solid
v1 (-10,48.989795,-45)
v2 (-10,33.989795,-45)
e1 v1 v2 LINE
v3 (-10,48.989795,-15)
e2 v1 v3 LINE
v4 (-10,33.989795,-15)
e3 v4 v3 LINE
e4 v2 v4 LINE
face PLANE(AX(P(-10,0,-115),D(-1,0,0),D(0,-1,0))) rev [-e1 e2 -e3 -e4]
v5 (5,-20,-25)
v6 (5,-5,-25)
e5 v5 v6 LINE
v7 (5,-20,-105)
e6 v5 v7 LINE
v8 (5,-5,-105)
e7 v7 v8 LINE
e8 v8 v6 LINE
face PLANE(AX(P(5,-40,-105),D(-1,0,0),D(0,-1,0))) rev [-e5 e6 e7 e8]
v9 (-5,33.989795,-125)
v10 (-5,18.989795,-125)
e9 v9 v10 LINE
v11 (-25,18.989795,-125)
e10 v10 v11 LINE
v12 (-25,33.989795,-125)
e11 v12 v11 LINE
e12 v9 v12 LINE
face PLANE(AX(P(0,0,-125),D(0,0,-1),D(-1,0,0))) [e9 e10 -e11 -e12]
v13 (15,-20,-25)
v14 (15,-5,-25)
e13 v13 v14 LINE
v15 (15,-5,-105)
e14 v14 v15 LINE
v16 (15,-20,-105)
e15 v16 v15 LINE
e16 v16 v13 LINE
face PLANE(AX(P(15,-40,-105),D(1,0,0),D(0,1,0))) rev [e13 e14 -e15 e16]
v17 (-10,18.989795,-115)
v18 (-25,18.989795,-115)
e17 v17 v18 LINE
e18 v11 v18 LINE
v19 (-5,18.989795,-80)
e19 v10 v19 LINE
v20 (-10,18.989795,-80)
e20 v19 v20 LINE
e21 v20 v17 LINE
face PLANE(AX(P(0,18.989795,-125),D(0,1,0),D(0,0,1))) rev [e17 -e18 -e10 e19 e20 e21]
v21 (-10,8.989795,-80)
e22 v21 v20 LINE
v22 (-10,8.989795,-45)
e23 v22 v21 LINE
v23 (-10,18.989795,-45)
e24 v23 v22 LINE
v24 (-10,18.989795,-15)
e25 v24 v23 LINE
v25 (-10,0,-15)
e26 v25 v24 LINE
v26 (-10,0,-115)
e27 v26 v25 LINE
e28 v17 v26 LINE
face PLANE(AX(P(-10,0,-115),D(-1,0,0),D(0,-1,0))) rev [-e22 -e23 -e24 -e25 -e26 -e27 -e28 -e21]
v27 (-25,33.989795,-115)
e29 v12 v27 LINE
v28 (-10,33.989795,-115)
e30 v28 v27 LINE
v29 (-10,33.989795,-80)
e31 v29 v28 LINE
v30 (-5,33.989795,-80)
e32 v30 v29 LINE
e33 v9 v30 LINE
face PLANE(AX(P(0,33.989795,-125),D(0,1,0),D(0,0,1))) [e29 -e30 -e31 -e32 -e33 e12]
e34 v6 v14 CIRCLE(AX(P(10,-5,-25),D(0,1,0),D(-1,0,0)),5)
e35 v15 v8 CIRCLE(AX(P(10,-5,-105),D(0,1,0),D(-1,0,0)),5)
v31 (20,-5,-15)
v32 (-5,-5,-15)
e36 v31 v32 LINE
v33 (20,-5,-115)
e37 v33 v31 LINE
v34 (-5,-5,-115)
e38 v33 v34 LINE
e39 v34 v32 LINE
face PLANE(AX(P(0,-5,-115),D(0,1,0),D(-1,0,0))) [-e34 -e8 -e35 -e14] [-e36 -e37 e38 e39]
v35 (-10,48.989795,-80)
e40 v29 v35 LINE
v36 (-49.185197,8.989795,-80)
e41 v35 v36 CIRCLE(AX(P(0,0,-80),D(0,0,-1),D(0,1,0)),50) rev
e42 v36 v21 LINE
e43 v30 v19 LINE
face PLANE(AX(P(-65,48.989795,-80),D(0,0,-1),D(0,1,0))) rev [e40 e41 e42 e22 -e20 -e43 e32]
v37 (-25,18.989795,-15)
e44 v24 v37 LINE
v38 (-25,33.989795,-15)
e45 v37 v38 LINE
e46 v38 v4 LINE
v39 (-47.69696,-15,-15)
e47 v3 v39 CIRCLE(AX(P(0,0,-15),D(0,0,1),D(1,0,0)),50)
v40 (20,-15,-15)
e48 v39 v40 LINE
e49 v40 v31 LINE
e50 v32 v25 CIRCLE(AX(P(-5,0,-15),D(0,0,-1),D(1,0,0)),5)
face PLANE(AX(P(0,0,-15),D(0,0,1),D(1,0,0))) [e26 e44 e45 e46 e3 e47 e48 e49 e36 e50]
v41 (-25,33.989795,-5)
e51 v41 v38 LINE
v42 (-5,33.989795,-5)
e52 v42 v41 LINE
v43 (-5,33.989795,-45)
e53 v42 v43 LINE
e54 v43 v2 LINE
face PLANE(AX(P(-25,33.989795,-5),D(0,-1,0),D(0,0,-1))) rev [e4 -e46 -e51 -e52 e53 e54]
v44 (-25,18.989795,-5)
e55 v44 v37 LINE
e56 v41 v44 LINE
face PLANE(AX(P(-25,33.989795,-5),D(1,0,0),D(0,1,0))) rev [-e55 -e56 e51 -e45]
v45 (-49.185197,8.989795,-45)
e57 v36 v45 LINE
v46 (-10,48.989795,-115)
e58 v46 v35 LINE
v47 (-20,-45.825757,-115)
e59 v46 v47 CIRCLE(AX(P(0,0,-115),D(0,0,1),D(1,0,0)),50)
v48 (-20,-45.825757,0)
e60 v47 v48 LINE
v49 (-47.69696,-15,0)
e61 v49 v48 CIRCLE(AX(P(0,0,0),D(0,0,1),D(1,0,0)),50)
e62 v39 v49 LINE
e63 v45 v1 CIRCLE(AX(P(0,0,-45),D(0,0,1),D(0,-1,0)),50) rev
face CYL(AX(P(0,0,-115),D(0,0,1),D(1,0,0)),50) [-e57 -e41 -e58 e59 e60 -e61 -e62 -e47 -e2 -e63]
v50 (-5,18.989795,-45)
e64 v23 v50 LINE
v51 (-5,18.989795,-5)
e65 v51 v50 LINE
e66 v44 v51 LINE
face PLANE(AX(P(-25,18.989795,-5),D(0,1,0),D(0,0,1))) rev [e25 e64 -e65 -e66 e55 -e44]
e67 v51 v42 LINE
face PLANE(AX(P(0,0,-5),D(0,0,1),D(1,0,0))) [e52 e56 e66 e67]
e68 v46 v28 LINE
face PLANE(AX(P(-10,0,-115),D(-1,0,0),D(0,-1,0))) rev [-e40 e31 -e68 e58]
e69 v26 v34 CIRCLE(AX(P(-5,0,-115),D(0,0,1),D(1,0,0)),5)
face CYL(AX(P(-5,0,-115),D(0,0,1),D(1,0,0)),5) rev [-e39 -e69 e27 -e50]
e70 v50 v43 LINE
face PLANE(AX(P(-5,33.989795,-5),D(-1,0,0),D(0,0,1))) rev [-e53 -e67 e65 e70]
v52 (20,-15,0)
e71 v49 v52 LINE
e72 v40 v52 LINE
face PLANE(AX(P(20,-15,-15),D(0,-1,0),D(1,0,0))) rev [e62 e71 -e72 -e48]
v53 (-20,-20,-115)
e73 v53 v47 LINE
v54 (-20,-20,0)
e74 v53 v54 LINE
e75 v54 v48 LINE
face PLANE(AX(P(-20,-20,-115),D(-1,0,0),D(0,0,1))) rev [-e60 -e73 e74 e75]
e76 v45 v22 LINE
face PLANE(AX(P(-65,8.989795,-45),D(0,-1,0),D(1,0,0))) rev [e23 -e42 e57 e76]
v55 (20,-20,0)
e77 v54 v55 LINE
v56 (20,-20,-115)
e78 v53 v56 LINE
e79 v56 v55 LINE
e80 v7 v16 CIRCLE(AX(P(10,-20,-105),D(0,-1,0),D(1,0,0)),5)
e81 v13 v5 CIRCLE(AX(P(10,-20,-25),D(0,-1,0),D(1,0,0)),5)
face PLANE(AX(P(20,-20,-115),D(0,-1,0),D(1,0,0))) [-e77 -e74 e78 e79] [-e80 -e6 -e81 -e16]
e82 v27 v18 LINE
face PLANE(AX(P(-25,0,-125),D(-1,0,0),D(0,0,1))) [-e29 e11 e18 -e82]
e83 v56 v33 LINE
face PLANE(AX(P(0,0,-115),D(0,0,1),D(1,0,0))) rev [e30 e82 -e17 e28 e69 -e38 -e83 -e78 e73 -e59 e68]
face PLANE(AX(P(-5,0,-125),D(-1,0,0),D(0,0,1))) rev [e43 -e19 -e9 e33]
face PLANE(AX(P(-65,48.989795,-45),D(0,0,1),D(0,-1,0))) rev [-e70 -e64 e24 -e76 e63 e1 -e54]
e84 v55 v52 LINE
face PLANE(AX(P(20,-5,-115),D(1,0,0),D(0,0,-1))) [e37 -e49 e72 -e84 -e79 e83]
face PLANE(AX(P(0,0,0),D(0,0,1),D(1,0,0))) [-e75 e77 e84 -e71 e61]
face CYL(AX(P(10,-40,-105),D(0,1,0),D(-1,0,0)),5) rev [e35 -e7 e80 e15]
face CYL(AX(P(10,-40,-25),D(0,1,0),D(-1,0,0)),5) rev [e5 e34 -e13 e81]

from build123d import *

# Parameters (mm, degrees)
BOSS_EXTRUDE1_DEPTH      = 115
CUT_EXTRUDE4_DEPTH       = 115
CUT_EXTRUDE5_DEPTH       = 115
CUT_EXTRUDE7_DEPTH       = 15
SKETCH8_W                = 35
SKETCH8_H                = 40
CUT_EXTRUDE8_DEPTH       = 55
BOSS_EXTRUDE2_DEPTH      = 10
BOSS_EXTRUDE2_DEPTH_BACK = 30
SKETCH9_W                = 20
SKETCH9_H                = 15
BOSS_EXTRUDE4_DEPTH      = 10
BOSS_EXTRUDE4_DEPTH_BACK = 35
SKETCH10_W               = 15
SKETCH10_H               = 15
SKETCH10_W_2             = 5
CUT_EXTRUDE9_DEPTH       = 35


with BuildPart() as part:
    # Sketch1 → Boss-Extrude1 (new body)
    with BuildSketch(Plane.XY):
        with BuildLine():
            Line((0, 50), (0, -5))
            Line((0, -5), (20, -5))
            Line((20, -5), (20, -20))
            Line((20, -20), (0, -20))
            Line((0, -20), (0, -50))
            ThreePointArc((0, -50), (-50, 0), (0, 50))
        make_face()
    extrude(amount=-BOSS_EXTRUDE1_DEPTH)

    # Sketch2 → Cut-Extrude4 (cut)
    with BuildSketch(Plane.XY):
        with BuildLine():
            Line((0, -5), (-5, -5))
            ThreePointArc((-5, -5), (-8.535533906, -3.535533906), (-10, 0))
            Line((-10, 0), (-10, 48.989794856))
            ThreePointArc((-10, 48.989794856), (-5.0254481, 49.74680765), (0, 50))
            Line((0, 50), (0, -5))
        make_face()
    extrude(amount=-CUT_EXTRUDE4_DEPTH, mode=Mode.SUBTRACT)

    # Sketch6 → Cut-Extrude5 (cut)
    with BuildSketch(Plane.XY):
        with BuildLine():
            Line((0, -20), (-20, -20))
            Line((-20, -20), (-20, -45.82575695))
            ThreePointArc((-20, -45.82575695), (-10.215482184, -48.945315647), (0, -50))
            Line((0, -50), (0, -20))
        make_face()
    extrude(amount=-CUT_EXTRUDE5_DEPTH, mode=Mode.SUBTRACT)

    # Sketch7 → Cut-Extrude7 (cut)
    with BuildSketch(Plane.XY):
        with BuildLine():
            Line((20, -5), (-5, -5))
            ThreePointArc((-5, -5), (-8.535533906, -3.535533906), (-10, 0))
            Line((-10, 0), (-10, 48.989794856))
            ThreePointArc((-10, 48.989794856), (-43.080253734, 25.378962513), (-47.696960071, -15))
            Line((-47.696960071, -15), (20, -15))
            Line((20, -15), (20, -5))
        make_face()
    extrude(amount=-CUT_EXTRUDE7_DEPTH, mode=Mode.SUBTRACT)

    # Sketch8 → Cut-Extrude8 (cut)
    with BuildSketch(Plane(origin=(-10, 0, 0), x_dir=(0, 0, -1), z_dir=(1, 0, 0))):
        with Locations((62.5, 28.989794856)):
            Rectangle(SKETCH8_W, SKETCH8_H)
    extrude(amount=-CUT_EXTRUDE8_DEPTH, mode=Mode.SUBTRACT)

    # Sketch9 → Boss-Extrude2 (add, two sides: drawn at the far end of the back side and taken through both)
    with BuildSketch(Plane.XY.offset(-15).offset(-BOSS_EXTRUDE2_DEPTH_BACK)):
        with Locations((-15, 26.489794856)):
            Rectangle(SKETCH9_W, SKETCH9_H)
    extrude(amount=BOSS_EXTRUDE2_DEPTH + BOSS_EXTRUDE2_DEPTH_BACK)

    # Sketch10 → Boss-Extrude4 (add, two sides: drawn at the far end of the back side and taken through both)
    with BuildSketch(Plane(origin=(0, 0, -115), x_dir=(-1, 0, 0), z_dir=(0, 0, -1)).offset(-BOSS_EXTRUDE4_DEPTH_BACK)):
        with Locations((17.5, 26.489794856)):
            Rectangle(SKETCH10_W, SKETCH10_H)
        with Locations((7.5, 26.489794856)):
            Rectangle(SKETCH10_W_2, SKETCH10_H)
    extrude(amount=BOSS_EXTRUDE4_DEPTH + BOSS_EXTRUDE4_DEPTH_BACK)

    # Sketch11 → Cut-Extrude9 (cut)
    with BuildSketch(Plane(origin=(0, -5, 0), x_dir=(1, 0, 0), z_dir=(0, 1, 0))):
        with BuildLine():
            Line((5, 105), (5, 25))
            ThreePointArc((5, 25), (10, 20), (15, 25))
            Line((15, 25), (15, 105))
            ThreePointArc((15, 105), (10, 110), (5, 105))
        make_face()
    extrude(amount=-CUT_EXTRUDE9_DEPTH, mode=Mode.SUBTRACT)


solid = part.part
